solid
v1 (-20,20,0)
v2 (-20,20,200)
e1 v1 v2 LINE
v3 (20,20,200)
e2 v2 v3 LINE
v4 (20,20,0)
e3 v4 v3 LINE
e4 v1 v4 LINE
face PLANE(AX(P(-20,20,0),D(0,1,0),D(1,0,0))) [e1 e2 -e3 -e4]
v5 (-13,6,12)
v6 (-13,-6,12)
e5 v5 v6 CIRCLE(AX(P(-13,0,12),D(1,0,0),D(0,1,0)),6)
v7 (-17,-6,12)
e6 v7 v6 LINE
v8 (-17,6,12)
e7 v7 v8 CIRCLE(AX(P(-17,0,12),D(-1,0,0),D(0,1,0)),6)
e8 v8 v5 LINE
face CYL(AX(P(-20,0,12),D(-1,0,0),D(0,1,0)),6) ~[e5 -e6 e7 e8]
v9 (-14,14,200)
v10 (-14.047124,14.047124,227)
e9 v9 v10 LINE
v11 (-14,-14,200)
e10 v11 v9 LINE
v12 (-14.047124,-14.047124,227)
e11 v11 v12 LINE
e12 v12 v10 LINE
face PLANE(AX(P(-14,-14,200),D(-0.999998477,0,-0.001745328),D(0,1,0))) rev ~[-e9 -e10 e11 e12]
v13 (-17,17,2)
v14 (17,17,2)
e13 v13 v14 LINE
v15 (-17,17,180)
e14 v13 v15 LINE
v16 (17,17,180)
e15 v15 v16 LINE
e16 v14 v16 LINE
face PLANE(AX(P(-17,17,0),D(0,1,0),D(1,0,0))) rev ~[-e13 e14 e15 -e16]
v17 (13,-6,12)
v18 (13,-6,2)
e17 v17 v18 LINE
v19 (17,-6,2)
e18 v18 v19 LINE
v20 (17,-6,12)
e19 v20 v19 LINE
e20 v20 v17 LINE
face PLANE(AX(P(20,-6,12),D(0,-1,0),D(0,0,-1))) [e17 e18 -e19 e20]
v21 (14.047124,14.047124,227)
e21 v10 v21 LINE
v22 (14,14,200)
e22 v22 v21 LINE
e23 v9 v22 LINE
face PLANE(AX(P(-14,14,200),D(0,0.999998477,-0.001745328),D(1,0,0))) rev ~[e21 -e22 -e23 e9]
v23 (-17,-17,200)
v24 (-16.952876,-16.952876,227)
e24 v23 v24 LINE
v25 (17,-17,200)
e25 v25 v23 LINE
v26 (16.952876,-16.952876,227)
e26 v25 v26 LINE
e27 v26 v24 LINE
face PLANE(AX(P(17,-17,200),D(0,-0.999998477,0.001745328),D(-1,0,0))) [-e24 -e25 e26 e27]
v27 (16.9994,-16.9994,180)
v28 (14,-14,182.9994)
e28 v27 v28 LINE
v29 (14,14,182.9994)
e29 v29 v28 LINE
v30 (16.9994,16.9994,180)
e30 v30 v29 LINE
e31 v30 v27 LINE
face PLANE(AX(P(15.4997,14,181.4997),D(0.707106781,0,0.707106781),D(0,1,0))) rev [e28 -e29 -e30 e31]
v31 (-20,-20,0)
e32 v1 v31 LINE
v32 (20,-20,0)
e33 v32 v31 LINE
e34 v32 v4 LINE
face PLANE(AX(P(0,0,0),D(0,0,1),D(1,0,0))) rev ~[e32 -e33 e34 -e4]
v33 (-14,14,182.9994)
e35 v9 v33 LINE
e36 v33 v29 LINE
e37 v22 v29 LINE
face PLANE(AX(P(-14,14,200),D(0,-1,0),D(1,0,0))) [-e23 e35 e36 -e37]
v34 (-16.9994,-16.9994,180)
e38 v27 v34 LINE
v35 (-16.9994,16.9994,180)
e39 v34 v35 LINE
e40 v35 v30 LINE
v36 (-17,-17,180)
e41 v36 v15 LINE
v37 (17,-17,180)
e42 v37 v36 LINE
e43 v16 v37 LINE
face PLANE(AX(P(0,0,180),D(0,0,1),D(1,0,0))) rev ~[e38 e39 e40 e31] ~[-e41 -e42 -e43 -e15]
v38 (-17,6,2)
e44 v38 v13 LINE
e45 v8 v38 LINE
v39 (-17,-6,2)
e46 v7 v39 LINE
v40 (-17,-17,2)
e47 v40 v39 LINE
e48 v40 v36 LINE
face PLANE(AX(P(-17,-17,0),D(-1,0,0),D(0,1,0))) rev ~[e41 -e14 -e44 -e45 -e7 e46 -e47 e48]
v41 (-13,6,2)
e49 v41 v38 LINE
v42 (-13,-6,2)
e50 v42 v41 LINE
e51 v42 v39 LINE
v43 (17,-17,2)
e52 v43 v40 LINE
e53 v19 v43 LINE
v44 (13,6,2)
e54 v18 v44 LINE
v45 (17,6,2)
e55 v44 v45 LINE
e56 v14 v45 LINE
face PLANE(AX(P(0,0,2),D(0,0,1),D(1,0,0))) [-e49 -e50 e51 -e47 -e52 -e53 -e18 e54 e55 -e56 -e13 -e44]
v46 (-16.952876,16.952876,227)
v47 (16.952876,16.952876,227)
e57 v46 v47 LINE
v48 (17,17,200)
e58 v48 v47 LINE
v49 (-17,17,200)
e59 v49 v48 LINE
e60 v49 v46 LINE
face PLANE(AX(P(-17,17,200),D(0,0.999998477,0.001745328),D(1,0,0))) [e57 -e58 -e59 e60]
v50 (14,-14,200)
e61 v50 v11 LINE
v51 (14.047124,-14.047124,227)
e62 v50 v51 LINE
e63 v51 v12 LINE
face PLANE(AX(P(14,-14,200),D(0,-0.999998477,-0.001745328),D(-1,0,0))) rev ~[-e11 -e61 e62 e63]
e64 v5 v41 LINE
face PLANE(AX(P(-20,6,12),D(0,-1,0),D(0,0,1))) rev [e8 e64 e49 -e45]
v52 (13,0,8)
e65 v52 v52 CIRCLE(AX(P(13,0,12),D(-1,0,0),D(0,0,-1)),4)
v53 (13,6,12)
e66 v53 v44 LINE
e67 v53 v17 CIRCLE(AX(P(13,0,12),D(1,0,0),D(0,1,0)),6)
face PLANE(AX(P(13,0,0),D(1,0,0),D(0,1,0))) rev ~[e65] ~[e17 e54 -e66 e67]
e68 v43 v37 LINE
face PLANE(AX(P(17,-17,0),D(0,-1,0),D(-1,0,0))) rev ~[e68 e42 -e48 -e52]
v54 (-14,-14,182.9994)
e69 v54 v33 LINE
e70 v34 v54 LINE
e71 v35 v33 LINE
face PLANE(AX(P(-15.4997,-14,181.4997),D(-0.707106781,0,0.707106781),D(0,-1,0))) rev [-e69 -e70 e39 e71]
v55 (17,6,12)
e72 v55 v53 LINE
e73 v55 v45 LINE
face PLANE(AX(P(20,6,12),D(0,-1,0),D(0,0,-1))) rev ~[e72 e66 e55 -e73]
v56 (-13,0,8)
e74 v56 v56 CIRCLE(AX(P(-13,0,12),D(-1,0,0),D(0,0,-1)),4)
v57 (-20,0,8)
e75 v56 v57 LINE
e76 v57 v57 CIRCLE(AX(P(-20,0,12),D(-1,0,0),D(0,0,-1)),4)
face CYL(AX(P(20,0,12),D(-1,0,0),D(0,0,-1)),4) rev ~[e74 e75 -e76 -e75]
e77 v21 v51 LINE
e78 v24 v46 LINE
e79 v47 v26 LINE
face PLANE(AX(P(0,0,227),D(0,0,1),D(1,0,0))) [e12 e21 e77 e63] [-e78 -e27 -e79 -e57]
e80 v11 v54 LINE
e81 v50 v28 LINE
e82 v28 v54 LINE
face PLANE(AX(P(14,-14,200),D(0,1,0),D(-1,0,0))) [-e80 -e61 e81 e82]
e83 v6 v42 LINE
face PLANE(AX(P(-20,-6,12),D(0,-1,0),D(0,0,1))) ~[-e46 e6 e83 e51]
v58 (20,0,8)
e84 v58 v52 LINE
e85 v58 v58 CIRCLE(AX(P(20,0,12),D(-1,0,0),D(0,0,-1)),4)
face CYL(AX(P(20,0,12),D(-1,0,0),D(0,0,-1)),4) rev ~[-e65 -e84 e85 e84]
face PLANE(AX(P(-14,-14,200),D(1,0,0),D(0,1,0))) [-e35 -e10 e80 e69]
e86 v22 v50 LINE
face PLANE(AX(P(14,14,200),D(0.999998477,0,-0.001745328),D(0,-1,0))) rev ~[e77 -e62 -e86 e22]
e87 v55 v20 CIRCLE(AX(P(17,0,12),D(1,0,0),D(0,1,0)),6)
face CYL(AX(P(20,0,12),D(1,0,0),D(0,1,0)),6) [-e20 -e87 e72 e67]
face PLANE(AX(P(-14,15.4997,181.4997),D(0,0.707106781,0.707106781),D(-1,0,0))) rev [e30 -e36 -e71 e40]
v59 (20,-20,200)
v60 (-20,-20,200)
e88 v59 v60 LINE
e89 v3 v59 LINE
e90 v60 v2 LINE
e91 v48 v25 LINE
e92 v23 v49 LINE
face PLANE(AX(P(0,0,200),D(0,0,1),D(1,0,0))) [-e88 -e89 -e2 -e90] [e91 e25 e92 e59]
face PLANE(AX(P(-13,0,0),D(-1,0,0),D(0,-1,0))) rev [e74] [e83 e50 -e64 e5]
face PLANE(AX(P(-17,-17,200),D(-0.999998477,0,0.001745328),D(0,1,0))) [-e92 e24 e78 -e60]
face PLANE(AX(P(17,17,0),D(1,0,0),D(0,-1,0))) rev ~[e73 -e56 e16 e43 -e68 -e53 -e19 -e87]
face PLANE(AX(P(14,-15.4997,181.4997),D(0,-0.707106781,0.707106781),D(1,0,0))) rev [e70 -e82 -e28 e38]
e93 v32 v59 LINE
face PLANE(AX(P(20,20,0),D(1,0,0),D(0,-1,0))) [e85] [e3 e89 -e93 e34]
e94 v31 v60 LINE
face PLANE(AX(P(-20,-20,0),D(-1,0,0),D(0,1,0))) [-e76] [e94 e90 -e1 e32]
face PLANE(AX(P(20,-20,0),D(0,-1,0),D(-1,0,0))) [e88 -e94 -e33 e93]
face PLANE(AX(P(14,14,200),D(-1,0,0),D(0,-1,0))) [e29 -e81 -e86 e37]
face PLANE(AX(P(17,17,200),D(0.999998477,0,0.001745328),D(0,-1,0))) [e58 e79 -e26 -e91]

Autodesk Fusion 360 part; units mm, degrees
sketch "Sketch1" plane through (0, 0, 0) normal (0, 0, 1) x (1, 0, 0)
  line L0 (20, -20) -> (-20, -20)
  line L1 (-20, -20) -> (-20, 20)
  line L2 (-20, 20) -> (20, 20)
  line L3 (20, 20) -> (20, -20)
  line L4 (20, -20) -> (-20, 20) construction
  line L5 (-20, -20) -> (20, 20) construction
  line L6 (-17, -17) -> (-17, 17)
  line L7 (-17, 17) -> (17, 17)
  line L8 (17, 17) -> (17, -17)
  line L9 (17, -17) -> (-17, -17)
  line L10 (-14, -14) -> (-14, 14)
  line L11 (-14, 14) -> (14, 14)
  line L12 (14, 14) -> (14, -14)
  line L13 (14, -14) -> (-14, -14)
  dimension "d1" = 40
  dimension "d2" = 40
  dimension "d3" = 3
  dimension "d4" = 6
extrude "Extrude1" add sketch "Sketch1" along normal blind 200 contours L0 L1 L2 L3 makes body 1
extrude "Extrude2" add sketch "Sketch1" along normal blind 27 draft -0.1 from surface at 200 separate body contours L6 L7 L8 L9 makes body 2
extrude "Extrude3" add 1 faces at (4.6667, -16, 200) along direction (0, 0, -1) blind 20 on bodies 2 bodies 1 2
chamfer "Chamfer1" distance 3 angle 45 4 edges at (0, 14, 180) (-14, 0, 180) (0, -14, 180) (14, 0, 180) on bodies 1
extrude "Extrude4" add sketch "Sketch1" along normal blind 2 contours L6 L7 L8 L9 | L10 L11 L12 L13 bodies 1
sketch "Sketch2" plane through (20, 0, 0) normal (1, 0, 0) x (0, 1, 0)
  line L0 (-20, 0) -> (20, 0)
  line L1 (20, 0) -> (20, 200)
  line L2 (20, 200) -> (-20, 200)
  line L3 (-20, 200) -> (-20, 0)
  circle A0 centre (0, 12) radius 4
  circle A1 centre (0, 12) radius 6
  line L4 (-6, 12) -> (-6, -0.3727)
  line L5 (6, 12) -> (6, 0)
  dimension "d15" = 8
  dimension "d16" = 12
  dimension "d17" = 2
extrude "Extrude5" add sketch "Sketch2" against normal blind 7 contours L0 A1 L4 L5 | A1 | A0 bodies 1
mirror "Mirror1" about plane through (0, 0, 0) normal (1, 0, 0) of "Extrude5"
hole "Hole1" at (20, 0, 12) direction (-1, 0, 0) diameter 8 end up to surface (40 mm away) bodies 1
